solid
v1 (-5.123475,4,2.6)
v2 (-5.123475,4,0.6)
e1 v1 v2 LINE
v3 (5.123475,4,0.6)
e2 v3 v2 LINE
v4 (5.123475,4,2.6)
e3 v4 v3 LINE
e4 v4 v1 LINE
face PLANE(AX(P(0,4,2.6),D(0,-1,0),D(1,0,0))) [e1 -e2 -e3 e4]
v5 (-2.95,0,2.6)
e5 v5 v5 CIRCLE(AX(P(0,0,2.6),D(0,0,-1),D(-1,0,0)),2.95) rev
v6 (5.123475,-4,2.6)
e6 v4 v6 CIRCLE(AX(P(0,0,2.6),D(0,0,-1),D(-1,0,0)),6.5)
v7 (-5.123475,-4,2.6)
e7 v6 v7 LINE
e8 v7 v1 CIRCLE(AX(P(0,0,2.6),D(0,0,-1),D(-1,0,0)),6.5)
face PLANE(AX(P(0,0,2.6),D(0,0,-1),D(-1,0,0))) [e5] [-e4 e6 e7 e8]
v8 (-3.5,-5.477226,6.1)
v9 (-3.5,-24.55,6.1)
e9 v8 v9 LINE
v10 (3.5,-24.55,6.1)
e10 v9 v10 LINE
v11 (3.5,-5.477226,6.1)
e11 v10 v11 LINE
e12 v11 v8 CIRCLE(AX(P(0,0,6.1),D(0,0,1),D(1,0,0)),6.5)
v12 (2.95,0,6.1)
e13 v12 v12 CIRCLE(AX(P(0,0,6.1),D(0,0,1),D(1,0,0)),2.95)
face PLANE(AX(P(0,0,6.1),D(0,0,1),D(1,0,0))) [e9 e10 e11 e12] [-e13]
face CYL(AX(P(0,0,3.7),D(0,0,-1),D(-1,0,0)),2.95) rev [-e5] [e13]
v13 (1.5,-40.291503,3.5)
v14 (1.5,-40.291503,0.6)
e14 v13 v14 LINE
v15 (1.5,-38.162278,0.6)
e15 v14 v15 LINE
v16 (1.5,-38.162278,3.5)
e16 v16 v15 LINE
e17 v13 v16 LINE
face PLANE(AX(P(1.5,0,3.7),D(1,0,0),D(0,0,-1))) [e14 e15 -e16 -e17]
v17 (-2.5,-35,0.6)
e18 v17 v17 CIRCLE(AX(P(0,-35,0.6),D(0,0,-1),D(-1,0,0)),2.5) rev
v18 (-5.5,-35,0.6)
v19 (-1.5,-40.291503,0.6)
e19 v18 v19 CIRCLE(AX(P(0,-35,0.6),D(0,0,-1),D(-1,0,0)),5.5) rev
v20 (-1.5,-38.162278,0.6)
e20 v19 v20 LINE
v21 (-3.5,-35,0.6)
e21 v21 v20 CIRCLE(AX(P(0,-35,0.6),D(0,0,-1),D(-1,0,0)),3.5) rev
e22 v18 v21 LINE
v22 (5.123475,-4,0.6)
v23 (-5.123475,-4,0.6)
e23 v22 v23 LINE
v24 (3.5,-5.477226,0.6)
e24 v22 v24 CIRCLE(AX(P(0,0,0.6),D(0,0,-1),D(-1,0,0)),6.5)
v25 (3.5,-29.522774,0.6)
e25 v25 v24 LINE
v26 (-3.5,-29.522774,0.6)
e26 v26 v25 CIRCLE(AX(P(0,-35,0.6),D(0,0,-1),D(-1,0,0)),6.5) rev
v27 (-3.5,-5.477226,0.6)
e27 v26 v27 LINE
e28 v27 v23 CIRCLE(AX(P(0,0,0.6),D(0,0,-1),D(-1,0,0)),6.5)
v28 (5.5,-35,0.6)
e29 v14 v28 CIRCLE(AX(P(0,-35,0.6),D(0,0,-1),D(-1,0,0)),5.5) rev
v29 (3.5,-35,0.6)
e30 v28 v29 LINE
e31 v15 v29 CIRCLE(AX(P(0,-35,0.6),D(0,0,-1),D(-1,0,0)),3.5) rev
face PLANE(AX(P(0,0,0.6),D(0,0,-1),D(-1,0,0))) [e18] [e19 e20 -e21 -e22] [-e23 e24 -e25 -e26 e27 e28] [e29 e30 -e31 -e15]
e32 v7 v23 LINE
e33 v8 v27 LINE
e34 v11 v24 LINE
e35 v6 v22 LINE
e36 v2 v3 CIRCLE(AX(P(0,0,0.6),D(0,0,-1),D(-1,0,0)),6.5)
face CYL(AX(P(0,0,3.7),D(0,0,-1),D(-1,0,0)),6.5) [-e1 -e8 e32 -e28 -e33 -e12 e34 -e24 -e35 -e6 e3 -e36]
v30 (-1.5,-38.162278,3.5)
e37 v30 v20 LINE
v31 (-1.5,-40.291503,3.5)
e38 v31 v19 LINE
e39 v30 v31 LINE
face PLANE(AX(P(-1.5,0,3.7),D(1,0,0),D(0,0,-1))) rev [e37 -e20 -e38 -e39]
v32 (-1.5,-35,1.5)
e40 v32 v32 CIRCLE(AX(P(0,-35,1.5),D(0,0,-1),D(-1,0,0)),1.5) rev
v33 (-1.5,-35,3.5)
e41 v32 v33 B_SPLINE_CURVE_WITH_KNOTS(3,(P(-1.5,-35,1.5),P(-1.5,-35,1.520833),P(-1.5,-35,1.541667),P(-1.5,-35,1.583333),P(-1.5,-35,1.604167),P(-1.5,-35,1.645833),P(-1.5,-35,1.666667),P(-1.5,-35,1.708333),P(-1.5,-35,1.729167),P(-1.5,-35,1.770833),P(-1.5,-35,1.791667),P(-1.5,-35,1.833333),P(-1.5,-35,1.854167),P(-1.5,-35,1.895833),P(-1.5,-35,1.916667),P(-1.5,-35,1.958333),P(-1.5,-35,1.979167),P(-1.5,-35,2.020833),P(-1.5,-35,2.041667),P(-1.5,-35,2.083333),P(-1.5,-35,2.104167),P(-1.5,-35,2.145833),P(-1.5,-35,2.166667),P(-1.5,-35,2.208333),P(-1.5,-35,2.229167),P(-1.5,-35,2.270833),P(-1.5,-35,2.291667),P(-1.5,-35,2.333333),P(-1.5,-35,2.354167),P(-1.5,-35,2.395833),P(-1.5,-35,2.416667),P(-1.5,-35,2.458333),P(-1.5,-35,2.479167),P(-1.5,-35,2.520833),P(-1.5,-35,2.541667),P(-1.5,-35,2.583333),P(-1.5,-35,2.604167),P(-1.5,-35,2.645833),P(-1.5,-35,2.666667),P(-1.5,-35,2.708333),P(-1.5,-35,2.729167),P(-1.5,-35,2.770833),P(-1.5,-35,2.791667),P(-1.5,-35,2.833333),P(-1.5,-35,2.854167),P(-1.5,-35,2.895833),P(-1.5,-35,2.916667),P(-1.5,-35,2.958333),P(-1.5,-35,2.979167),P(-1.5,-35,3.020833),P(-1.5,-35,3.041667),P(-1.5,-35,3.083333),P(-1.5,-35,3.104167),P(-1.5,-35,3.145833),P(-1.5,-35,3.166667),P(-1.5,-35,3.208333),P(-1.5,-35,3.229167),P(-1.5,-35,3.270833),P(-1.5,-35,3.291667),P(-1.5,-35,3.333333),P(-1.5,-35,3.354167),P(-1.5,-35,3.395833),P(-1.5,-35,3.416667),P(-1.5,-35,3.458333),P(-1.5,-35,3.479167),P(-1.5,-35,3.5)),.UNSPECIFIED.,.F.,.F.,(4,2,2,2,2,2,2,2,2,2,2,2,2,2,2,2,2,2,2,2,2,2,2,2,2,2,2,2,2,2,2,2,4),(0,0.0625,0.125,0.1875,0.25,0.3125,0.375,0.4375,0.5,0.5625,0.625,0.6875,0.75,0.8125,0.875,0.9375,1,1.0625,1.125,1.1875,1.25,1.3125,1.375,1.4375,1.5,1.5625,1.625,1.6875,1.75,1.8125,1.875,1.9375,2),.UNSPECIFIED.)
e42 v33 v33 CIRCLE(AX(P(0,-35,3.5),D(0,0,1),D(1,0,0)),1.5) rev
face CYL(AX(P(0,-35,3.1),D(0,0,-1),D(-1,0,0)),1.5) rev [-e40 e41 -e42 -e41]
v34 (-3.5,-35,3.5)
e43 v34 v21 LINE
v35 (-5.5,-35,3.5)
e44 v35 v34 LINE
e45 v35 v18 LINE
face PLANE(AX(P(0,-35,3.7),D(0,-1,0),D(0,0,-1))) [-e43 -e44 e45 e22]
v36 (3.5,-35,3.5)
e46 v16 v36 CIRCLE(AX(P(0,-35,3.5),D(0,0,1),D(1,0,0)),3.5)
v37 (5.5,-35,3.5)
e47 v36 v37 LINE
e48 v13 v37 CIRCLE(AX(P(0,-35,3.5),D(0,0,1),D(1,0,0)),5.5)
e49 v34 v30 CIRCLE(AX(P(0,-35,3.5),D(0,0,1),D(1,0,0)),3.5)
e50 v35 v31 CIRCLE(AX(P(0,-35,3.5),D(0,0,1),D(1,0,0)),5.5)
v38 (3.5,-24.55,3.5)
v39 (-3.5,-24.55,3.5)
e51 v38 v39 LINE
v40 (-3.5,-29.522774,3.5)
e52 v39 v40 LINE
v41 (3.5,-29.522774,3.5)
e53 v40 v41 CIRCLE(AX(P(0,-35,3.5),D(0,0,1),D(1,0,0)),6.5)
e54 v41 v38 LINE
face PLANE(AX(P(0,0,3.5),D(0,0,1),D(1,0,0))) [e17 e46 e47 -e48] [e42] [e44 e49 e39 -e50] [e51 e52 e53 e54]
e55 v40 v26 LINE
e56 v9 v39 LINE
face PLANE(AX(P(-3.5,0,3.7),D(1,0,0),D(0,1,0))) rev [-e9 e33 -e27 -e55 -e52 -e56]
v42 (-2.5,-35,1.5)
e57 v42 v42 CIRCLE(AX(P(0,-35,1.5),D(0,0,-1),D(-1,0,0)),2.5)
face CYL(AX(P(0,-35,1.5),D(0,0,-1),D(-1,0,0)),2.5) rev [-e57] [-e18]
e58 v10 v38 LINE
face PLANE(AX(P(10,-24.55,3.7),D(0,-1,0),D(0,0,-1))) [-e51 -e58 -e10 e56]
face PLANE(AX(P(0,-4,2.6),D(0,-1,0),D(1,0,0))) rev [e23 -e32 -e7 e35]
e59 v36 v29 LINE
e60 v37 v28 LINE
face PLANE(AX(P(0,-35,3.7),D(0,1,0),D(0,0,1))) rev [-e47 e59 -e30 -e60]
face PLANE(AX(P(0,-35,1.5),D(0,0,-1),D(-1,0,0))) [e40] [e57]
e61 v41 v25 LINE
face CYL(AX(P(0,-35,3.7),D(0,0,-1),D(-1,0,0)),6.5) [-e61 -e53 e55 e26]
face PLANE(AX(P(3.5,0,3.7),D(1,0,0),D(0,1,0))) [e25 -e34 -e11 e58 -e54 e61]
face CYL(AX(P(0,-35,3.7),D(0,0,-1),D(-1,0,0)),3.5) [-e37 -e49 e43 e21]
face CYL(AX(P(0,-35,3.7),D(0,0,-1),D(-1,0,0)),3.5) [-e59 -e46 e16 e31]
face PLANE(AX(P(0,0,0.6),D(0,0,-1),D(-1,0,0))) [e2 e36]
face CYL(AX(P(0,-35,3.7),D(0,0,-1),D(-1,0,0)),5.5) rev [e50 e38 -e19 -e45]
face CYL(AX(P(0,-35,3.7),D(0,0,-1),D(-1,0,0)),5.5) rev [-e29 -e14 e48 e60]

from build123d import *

# Parameters (mm, degrees)
BOSS_EXTRUDE1_DEPTH     = 3.7
SKETCH2_W               = 0.6
SKETCH2_H               = 16.95
CUT_EXTRUDE1_DEPTH      = 10
CUT_EXTRUDE1_DEPTH_BACK = 10
SKETCH3_R               = 2.95
SKETCH3_R_2             = 1.5
BOSS_EXTRUDE2_DEPTH     = 3.1
SKETCH4_R               = 2.5
CUT_EXTRUDE2_DEPTH      = 1.5
SKETCH5_R               = 1.5
BOSS_EXTRUDE3_DEPTH     = 0.4
SKETCH6_R               = 2.95
BOSS_EXTRUDE4_DEPTH     = 2.4
SKETCH7_W               = 22.104564564
SKETCH7_H               = 50.546801486
CUT_EXTRUDE3_DEPTH      = 0.6
SKETCH8_R               = 5.5
SKETCH8_R_2             = 3.5
BOSS_EXTRUDE5_DEPTH     = 5.5
CUT_EXTRUDE4_DEPTH      = 2


with BuildPart() as part:
    # Sketch1 → Boss-Extrude1 (new body)
    with BuildSketch(Plane.XY):
        with BuildLine():
            ThreePointArc((3.5, -5.477225575), (0, -6.5), (-3.5, -5.477225575))
            Line((-3.5, -5.477225575), (-3.5, -29.522774425))
            ThreePointArc((-3.5, -29.522774425), (0, -28.5), (3.5, -29.522774425))
            Line((3.5, -29.522774425), (3.5, -5.477225575))
        make_face()
        with BuildLine():
            ThreePointArc((-3.5, -4.242640687), (-4.974937186, -2.34520788), (-5.5, 0))
            ThreePointArc((-5.5, 0), (-4.387482194, 3.31662479), (-1.5, 5.291502622))
            ThreePointArc((-1.5, 5.291502622), (0, 5.5), (1.5, 5.291502622))
            ThreePointArc((1.5, 5.291502622), (4.387482194, 3.31662479), (5.5, 0))
            ThreePointArc((5.5, 0), (4.974937186, -2.34520788), (3.5, -4.242640687))
            Line((3.5, -4.242640687), (3.5, -5.477225575))
            ThreePointArc((3.5, -5.477225575), (5.700877125, -3.122498999), (6.5, 0))
            ThreePointArc((6.5, 0), (-3.122498999, 5.700877125), (-3.5, -5.477225575))
            Line((-3.5, -5.477225575), (-3.5, -4.242640687))
        make_face()
        with BuildLine():
            ThreePointArc((3.5, -4.242640687), (0, -5.5), (-3.5, -4.242640687))
            Line((-3.5, -4.242640687), (-3.5, -5.477225575))
            ThreePointArc((-3.5, -5.477225575), (0, -6.5), (3.5, -5.477225575))
            Line((3.5, -5.477225575), (3.5, -4.242640687))
        make_face()
        with BuildLine():
            ThreePointArc((3.5, 0), (0, -3.5), (-3.5, 0))
            Line((-3.5, 0), (-3.5, -4.242640687))
            ThreePointArc((-3.5, -4.242640687), (0, -5.5), (3.5, -4.242640687))
            Line((3.5, -4.242640687), (3.5, 0))
        make_face()
        with BuildLine():
            ThreePointArc((3.5, -29.522774425), (0, -28.5), (-3.5, -29.522774425))
            Line((-3.5, -29.522774425), (-3.5, -30.757359313))
            ThreePointArc((-3.5, -30.757359313), (0, -29.5), (3.5, -30.757359313))
            Line((3.5, -30.757359313), (3.5, -29.522774425))
        make_face()
        with BuildLine():
            Line((-3.5, -30.757359313), (-3.5, -29.522774425))
            ThreePointArc((-3.5, -29.522774425), (-3.122498999, -40.700877125), (6.5, -35))
            ThreePointArc((6.5, -35), (5.700877125, -31.877501001), (3.5, -29.522774425))
            Line((3.5, -29.522774425), (3.5, -30.757359313))
            ThreePointArc((3.5, -30.757359313), (4.974937186, -32.65479212), (5.5, -35))
            ThreePointArc((5.5, -35), (4.387482194, -38.31662479), (1.5, -40.291502622))
            ThreePointArc((1.5, -40.291502622), (0, -40.5), (-1.5, -40.291502622))
            ThreePointArc((-1.5, -40.291502622), (-4.387482194, -38.31662479), (-5.5, -35))
            ThreePointArc((-5.5, -35), (-4.974937186, -32.65479212), (-3.5, -30.757359313))
        make_face()
        with BuildLine():
            ThreePointArc((3.5, -30.757359313), (0, -29.5), (-3.5, -30.757359313))
            Line((-3.5, -30.757359313), (-3.5, -35))
            ThreePointArc((-3.5, -35), (0, -31.5), (3.5, -35))
            Line((3.5, -35), (3.5, -30.757359313))
        make_face()
        with BuildLine():
            Line((-3.5, -35), (-3.5, -30.757359313))
            ThreePointArc((-3.5, -30.757359313), (-4.974937186, -32.65479212), (-5.5, -35))
            Line((-5.5, -35), (-3.5, -35))
        make_face()
        with BuildLine():
            ThreePointArc((5.5, -35), (4.974937186, -32.65479212), (3.5, -30.757359313))
            Line((3.5, -30.757359313), (3.5, -35))
            Line((3.5, -35), (5.5, -35))
        make_face()
        with BuildLine():
            ThreePointArc((3.5, -35), (0, -31.5), (-3.5, -35))
            Line((-3.5, -35), (-2.95, -35))
            ThreePointArc((-2.95, -35), (0, -32.05), (2.95, -35))
            Line((2.95, -35), (3.5, -35))
        make_face()
        with BuildLine():
            Line((-2.95, -35), (-3.5, -35))
            ThreePointArc((-3.5, -35), (-2.958039892, -36.870828693), (-1.5, -38.16227766))
            ThreePointArc((-1.5, -38.16227766), (0, -38.5), (1.5, -38.16227766))
            ThreePointArc((1.5, -38.16227766), (2.958039892, -36.870828693), (3.5, -35))
            Line((3.5, -35), (2.95, -35))
            ThreePointArc((2.95, -35), (0, -37.95), (-2.95, -35))
        make_face()
        with BuildLine():
            Line((-1.5, 5.291502622), (-1.5, 3.16227766))
            ThreePointArc((-1.5, 3.16227766), (0, 3.5), (1.5, 3.16227766))
            Line((1.5, 3.16227766), (1.5, 5.291502622))
            ThreePointArc((1.5, 5.291502622), (0, 5.5), (-1.5, 5.291502622))
        make_face()
        with BuildLine():
            Line((-3.5, -4.242640687), (-3.5, 0))
            Line((-3.5, 0), (-5.5, 0))
            ThreePointArc((-5.5, 0), (-4.974937186, -2.34520788), (-3.5, -4.242640687))
        make_face()
        with BuildLine():
            Line((5.5, 0), (3.5, 0))
            Line((3.5, 0), (3.5, -4.242640687))
            ThreePointArc((3.5, -4.242640687), (4.974937186, -2.34520788), (5.5, 0))
        make_face()
        with BuildLine():
            ThreePointArc((-1.5, 3.16227766), (-2.958039892, 1.870828693), (-3.5, 0))
            Line((-3.5, 0), (-2.95, 0))
            ThreePointArc((-2.95, 0), (0, 2.95), (2.95, 0))
            Line((2.95, 0), (3.5, 0))
            ThreePointArc((3.5, 0), (2.958039892, 1.870828693), (1.5, 3.16227766))
            ThreePointArc((1.5, 3.16227766), (0, 3.5), (-1.5, 3.16227766))
        make_face()
        with BuildLine():
            Line((-2.95, 0), (-3.5, 0))
            ThreePointArc((-3.5, 0), (0, -3.5), (3.5, 0))
            Line((3.5, 0), (2.95, 0))
            ThreePointArc((2.95, 0), (0, -2.95), (-2.95, 0))
        make_face()
        with BuildLine():
            ThreePointArc((1.5, -38.16227766), (0, -38.5), (-1.5, -38.16227766))
            Line((-1.5, -38.16227766), (-1.5, -40.291502622))
            ThreePointArc((-1.5, -40.291502622), (0, -40.5), (1.5, -40.291502622))
            Line((1.5, -40.291502622), (1.5, -38.16227766))
        make_face()
    extrude(amount=BOSS_EXTRUDE1_DEPTH)

    # Sketch2 → Cut-Extrude1 (cut, two sides)
    with BuildSketch(Plane(origin=(0, 0, 0), x_dir=(0, 0, -1), z_dir=(1, 0, 0))) as cut_extrude1_sk:
        with Locations((-3.4, -33.025)):
            Rectangle(SKETCH2_W, SKETCH2_H)
    extrude(amount=CUT_EXTRUDE1_DEPTH, mode=Mode.SUBTRACT)
    extrude(cut_extrude1_sk.sketch, amount=-CUT_EXTRUDE1_DEPTH_BACK, mode=Mode.SUBTRACT)

    # Sketch3 → Boss-Extrude2 (add)
    with BuildSketch(Plane(origin=(0, 0, 0), x_dir=(-1, 0, 0), z_dir=(0, 0, -1))):
        with Locations((0, -35)):
            Circle(SKETCH3_R)
        with Locations((0, -35)):
            Circle(SKETCH3_R_2, mode=Mode.SUBTRACT)
    extrude(amount=-BOSS_EXTRUDE2_DEPTH)

    # Sketch4 → Cut-Extrude2 (cut)
    with BuildSketch(Plane(origin=(0, 0, 0), x_dir=(-1, 0, 0), z_dir=(0, 0, -1))):
        with Locations((0, -35)):
            Circle(SKETCH4_R)
    extrude(amount=-CUT_EXTRUDE2_DEPTH, mode=Mode.SUBTRACT)

    # Sketch5 → Boss-Extrude3 (add)
    with BuildSketch(Plane.XY.offset(3.1)):
        with BuildLine():
            Line((3.5, -24.55), (-3.5, -24.55))
            Line((-3.5, -24.55), (-3.5, -29.522774425))
            ThreePointArc((-3.5, -29.522774425), (0, -41.5), (3.5, -29.522774425))
            Line((3.5, -29.522774425), (3.5, -24.55))
        make_face()
        with BuildLine():
            Line((-5.5, -35), (-3.5, -35))
            ThreePointArc((-3.5, -35), (-2.958039892, -36.870828693), (-1.5, -38.16227766))
            Line((-1.5, -38.16227766), (-1.5, -40.291502622))
            ThreePointArc((-1.5, -40.291502622), (-4.387482194, -38.31662479), (-5.5, -35))
        make_face(mode=Mode.SUBTRACT)
        with BuildLine():
            ThreePointArc((1.5, -38.16227766), (2.958039892, -36.870828693), (3.5, -35))
            Line((3.5, -35), (5.5, -35))
            ThreePointArc((5.5, -35), (4.387482194, -38.31662479), (1.5, -40.291502622))
            Line((1.5, -40.291502622), (1.5, -38.16227766))
        make_face(mode=Mode.SUBTRACT)
        with Locations(Location((0, -35, 0), (0, 0, 180))):
            Circle(SKETCH5_R, mode=Mode.SUBTRACT)
    extrude(amount=BOSS_EXTRUDE3_DEPTH)

    # Sketch6 → Boss-Extrude4 (add)
    with BuildSketch(Plane.XY.offset(3.7)):
        with BuildLine():
            Line((-3.5, -5.477225575), (-3.5, -24.55))
            Line((-3.5, -24.55), (3.5, -24.55))
            Line((3.5, -24.55), (3.5, -5.477225575))
            ThreePointArc((3.5, -5.477225575), (0, 6.5), (-3.5, -5.477225575))
        make_face()
        Circle(SKETCH6_R, mode=Mode.SUBTRACT)
        with BuildLine():
            Line((-1.5, 5.291502622), (-1.5, 3.16227766))
            ThreePointArc((-1.5, 3.16227766), (-2.958039892, 1.870828693), (-3.5, 0))
            Line((-3.5, 0), (-5.5, 0))
            ThreePointArc((-5.5, 0), (-4.387482194, 3.31662479), (-1.5, 5.291502622))
        make_face(mode=Mode.SUBTRACT)
        with BuildLine():
            Line((1.5, 5.291502622), (1.5, 3.16227766))
            ThreePointArc((1.5, 3.16227766), (2.958039892, 1.870828693), (3.5, 0))
            Line((3.5, 0), (5.5, 0))
            ThreePointArc((5.5, 0), (4.387482194, 3.31662479), (1.5, 5.291502622))
        make_face(mode=Mode.SUBTRACT)
    extrude(amount=BOSS_EXTRUDE4_DEPTH)

    # Sketch7 → Cut-Extrude3 (cut)
    with BuildSketch(Plane.XY):
        with Locations((0.952758093, -17.453923436)):
            Rectangle(SKETCH7_W, SKETCH7_H)
    extrude(amount=CUT_EXTRUDE3_DEPTH, mode=Mode.SUBTRACT)

    # Sketch8 → Boss-Extrude5 (add)
    with BuildSketch(Plane.XY.offset(6.1)):
        Circle(SKETCH8_R)
        Circle(SKETCH8_R_2, mode=Mode.SUBTRACT)
    extrude(amount=-BOSS_EXTRUDE5_DEPTH)

    # Sketch9 → Cut-Extrude4 (cut)
    with BuildSketch(Plane(origin=(0, 0, 0.6), x_dir=(-1, 0, 0), z_dir=(0, 0, -1))):
        with BuildLine():
            Line((0, 4), (-5.123475383, 4))
            ThreePointArc((-5.123475383, 4), (-6.5, 0), (-5.123475383, -4))
            Line((-5.123475383, -4), (0, -4))
            Line((0, -4), (0, -2.95))
            ThreePointArc((0, -2.95), (-2.95, 0), (0, 2.95))
            Line((0, 2.95), (0, 4))
        make_face()
        with BuildLine():
            Line((5.123475383, 4), (0, 4))
            Line((0, 4), (0, 2.95))
            ThreePointArc((0, 2.95), (2.085965005, 2.085965005), (2.95, 0))
            ThreePointArc((2.95, 0), (2.085965005, -2.085965005), (0, -2.95))
            Line((0, -2.95), (0, -4))
            Line((0, -4), (5.123475383, -4))
            ThreePointArc((5.123475383, -4), (6.5, 0), (5.123475383, 4))
        make_face()
    extrude(amount=-CUT_EXTRUDE4_DEPTH, mode=Mode.SUBTRACT)


solid = part.part
